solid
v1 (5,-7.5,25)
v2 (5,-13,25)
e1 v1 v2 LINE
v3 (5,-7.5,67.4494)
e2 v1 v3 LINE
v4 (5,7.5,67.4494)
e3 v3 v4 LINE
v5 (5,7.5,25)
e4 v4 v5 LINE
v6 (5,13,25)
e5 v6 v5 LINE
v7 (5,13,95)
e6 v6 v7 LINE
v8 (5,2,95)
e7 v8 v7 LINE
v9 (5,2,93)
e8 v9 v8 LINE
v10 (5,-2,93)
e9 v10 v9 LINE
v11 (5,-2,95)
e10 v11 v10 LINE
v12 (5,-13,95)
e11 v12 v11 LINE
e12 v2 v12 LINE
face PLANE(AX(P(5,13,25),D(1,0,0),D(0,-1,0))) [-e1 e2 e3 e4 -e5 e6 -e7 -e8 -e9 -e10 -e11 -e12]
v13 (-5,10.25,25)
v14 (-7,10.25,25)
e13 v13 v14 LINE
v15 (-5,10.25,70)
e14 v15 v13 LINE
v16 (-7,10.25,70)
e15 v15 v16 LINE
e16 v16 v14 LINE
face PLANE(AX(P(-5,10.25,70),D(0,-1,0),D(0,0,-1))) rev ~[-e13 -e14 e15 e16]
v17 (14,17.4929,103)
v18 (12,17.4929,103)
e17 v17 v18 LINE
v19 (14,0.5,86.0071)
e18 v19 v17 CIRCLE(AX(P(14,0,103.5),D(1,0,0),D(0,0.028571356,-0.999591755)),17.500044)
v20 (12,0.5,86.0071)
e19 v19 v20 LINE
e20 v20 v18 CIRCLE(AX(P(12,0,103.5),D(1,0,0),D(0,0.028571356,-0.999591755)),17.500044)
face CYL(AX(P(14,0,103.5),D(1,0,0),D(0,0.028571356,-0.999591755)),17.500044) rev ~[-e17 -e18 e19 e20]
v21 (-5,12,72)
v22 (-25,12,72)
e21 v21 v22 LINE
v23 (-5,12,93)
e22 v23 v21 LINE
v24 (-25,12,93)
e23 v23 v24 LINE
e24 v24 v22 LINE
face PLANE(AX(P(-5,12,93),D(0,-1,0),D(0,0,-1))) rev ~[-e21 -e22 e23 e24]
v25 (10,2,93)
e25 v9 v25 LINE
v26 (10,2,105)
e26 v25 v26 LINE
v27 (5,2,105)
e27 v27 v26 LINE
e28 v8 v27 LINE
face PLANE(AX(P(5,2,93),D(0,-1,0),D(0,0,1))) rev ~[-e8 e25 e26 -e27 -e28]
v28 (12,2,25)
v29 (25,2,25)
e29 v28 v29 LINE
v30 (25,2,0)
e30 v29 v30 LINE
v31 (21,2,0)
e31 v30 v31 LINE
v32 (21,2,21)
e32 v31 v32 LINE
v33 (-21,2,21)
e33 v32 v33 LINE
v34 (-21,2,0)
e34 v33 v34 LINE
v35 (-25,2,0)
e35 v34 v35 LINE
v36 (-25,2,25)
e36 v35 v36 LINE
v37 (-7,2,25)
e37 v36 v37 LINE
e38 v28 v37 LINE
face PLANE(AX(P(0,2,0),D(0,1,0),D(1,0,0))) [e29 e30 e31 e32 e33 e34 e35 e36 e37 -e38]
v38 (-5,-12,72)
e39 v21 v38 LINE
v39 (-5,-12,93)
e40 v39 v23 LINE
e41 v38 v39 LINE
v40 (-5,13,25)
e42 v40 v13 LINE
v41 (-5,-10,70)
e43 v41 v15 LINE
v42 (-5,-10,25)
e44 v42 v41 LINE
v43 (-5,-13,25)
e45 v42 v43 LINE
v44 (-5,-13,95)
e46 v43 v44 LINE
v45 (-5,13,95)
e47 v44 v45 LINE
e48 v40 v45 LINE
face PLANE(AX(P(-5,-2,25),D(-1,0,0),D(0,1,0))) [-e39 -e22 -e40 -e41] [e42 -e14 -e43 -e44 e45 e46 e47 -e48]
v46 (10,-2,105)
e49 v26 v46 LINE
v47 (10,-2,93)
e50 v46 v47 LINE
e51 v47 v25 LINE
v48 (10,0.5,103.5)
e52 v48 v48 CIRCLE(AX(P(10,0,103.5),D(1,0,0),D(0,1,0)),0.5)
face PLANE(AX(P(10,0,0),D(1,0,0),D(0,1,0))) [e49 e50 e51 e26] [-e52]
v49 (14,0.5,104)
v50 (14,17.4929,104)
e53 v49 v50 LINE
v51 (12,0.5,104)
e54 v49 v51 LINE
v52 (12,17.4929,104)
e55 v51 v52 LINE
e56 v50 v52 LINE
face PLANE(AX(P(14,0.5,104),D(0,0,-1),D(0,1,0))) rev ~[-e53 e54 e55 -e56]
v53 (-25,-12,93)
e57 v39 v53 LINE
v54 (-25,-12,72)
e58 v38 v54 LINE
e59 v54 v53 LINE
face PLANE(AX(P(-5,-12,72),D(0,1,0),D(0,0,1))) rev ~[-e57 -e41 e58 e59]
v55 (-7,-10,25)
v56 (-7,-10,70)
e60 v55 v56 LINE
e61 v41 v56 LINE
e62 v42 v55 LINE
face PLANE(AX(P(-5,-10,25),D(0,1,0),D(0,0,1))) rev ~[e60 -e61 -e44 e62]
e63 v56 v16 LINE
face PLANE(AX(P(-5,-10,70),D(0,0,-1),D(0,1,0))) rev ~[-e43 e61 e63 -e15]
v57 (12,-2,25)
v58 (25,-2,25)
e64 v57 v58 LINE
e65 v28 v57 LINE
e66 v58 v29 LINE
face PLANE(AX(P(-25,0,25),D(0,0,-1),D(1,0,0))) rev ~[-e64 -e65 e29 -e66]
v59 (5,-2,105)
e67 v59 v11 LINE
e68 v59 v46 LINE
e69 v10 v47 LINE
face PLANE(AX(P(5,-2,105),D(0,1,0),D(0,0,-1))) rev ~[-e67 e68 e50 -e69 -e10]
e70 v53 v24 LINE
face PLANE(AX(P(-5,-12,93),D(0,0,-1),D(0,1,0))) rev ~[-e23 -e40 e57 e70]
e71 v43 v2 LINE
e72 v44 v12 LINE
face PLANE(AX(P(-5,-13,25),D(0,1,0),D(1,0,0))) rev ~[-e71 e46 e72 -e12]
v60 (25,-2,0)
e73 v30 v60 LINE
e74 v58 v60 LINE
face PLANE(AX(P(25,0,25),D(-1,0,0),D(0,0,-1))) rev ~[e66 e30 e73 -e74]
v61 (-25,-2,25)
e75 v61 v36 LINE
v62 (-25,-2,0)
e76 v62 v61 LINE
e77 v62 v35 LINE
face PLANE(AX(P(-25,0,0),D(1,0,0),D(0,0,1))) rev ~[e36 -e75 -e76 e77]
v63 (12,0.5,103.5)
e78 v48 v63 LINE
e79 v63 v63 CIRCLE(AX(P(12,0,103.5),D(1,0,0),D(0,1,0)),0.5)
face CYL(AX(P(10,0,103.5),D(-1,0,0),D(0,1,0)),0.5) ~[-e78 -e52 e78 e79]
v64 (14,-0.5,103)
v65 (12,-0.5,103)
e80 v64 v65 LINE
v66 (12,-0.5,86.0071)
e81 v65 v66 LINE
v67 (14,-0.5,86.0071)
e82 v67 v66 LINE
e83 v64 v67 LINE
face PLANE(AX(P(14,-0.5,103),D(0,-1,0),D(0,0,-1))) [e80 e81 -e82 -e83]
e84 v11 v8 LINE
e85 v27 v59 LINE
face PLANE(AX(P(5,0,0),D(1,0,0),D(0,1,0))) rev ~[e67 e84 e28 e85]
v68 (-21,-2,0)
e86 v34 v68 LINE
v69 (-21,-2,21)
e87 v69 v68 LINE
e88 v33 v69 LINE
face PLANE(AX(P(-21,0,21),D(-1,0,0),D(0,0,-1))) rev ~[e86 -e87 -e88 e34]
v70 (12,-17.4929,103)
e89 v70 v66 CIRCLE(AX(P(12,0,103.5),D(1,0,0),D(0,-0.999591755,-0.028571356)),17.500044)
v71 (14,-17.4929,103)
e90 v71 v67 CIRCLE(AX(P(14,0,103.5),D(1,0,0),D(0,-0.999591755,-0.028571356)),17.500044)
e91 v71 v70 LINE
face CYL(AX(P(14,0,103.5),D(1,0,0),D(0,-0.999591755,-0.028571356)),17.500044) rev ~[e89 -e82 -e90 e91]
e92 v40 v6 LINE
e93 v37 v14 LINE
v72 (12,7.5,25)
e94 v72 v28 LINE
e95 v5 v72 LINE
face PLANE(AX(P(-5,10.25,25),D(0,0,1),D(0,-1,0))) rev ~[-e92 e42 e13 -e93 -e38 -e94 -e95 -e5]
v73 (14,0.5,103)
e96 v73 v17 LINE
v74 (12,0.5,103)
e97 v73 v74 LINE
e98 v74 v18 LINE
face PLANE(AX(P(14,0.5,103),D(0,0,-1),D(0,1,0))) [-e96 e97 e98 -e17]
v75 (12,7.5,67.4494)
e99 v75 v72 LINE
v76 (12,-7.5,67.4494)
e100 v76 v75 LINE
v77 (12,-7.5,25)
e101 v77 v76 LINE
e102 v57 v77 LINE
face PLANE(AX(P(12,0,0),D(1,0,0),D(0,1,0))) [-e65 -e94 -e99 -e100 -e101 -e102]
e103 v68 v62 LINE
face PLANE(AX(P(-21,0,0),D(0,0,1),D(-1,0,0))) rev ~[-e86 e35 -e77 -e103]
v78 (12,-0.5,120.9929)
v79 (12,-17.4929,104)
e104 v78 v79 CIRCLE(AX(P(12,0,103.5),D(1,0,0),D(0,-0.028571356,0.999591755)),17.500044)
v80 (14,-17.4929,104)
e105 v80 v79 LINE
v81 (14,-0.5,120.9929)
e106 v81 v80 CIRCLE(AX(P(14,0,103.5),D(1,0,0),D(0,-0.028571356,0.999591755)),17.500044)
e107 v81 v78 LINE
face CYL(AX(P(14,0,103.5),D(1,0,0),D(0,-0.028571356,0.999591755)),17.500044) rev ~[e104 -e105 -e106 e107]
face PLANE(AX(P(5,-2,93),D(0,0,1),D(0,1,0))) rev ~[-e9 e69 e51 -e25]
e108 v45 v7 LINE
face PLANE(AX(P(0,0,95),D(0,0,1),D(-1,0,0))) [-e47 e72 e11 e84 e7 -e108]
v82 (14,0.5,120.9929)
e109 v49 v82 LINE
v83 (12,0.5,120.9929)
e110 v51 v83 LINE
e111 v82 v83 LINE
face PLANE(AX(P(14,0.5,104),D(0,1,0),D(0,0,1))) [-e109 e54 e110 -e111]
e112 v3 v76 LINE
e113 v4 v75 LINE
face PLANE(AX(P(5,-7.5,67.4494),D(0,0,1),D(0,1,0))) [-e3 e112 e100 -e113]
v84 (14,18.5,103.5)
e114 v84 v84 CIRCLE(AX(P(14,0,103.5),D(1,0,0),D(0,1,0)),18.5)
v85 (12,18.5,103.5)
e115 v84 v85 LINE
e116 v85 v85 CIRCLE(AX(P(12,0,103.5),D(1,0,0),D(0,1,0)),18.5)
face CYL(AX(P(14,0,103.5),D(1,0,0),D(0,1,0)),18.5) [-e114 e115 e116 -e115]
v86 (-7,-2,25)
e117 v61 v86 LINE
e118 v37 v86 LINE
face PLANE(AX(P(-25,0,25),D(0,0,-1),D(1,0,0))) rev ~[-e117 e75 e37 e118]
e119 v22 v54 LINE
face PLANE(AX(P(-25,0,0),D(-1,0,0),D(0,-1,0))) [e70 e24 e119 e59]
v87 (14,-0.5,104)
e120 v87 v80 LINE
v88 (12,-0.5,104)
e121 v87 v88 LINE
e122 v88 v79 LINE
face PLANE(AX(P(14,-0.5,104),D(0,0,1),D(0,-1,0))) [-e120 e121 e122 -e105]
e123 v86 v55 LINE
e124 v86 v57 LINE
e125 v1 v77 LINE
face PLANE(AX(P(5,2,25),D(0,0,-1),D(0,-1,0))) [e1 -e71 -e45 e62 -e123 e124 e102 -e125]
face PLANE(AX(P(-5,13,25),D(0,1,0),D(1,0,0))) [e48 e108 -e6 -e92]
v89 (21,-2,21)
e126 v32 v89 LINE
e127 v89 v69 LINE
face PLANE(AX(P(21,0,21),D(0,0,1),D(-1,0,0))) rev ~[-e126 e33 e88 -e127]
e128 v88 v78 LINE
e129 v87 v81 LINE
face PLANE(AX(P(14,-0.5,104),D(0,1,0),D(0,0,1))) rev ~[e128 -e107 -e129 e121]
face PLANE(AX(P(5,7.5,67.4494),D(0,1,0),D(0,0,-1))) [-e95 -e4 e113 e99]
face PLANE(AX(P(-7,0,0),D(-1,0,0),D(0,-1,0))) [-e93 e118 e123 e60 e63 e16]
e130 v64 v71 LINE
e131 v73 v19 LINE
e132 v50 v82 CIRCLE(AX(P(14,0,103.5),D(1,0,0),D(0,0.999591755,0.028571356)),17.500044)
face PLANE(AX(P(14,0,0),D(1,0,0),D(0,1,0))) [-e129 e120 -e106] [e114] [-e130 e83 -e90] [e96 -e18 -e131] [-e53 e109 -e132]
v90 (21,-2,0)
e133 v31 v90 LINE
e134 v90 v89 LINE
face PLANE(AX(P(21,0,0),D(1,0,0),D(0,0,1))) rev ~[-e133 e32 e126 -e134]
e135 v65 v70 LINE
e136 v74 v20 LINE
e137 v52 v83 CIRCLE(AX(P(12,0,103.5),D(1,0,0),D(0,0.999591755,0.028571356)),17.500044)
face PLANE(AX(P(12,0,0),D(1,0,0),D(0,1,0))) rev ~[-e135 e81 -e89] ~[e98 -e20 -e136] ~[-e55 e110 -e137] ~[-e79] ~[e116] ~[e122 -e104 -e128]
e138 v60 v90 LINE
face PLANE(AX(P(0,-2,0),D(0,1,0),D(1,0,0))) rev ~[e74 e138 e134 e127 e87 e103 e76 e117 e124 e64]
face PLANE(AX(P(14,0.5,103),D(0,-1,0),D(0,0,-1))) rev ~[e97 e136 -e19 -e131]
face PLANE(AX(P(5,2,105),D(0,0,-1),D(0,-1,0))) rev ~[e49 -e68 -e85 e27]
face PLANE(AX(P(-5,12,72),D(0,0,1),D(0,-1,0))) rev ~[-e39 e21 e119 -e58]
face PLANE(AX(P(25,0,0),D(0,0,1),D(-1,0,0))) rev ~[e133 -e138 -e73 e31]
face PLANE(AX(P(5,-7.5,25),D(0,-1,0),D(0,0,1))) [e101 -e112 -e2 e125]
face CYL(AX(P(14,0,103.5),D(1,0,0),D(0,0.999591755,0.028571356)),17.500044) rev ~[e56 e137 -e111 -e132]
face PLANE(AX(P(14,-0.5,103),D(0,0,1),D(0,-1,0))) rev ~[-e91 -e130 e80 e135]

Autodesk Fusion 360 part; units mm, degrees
sketch "스케치1" plane through (0, 0, 0) normal (0, 1, 0) x (1, 0, 0)
  line L0 (-25, 0) -> (-25, -25)
  line L1 (-25, -25) -> (25, -25)
  line L2 (25, -25) -> (25, 0)
  line L3 (25, 0) -> (21, 0)
  line L4 (21, 0) -> (21, -21)
  line L5 (21, -21) -> (-21, -21)
  line L6 (-21, -21) -> (-21, 0)
  line L7 (-21, 0) -> (-25, 0)
extrude "돌출1" add sketch "스케치1" along normal mid plane 4
sketch "스케치2" plane through (0, 0, 25) normal (0, 0, 1) x (-1, 0, 0)
  line L0 (25, 2) -> (-25, 2)
  line L1 (5, -13) -> (-5, -13)
  line L2 (5, -13) -> (5, 0)
  line L3 (-5, -13) -> (-5, 0)
  line L4 (-20, 0) -> (-2.5, 0)
  line L5 (5, 13) -> (-5, 13)
  line L6 (5, 13) -> (5, 0)
  line L7 (-5, 13) -> (-5, 0)
extrude "돌출2" add sketch "스케치2" along normal blind 70
sketch "스케치4" plane through (5, 0, 0) normal (1, 0, 0) x (0, 1, 0)
  line L0 (7.5, 25) -> (-7.5, 25)
  line L1 (-7.5, 25) -> (-7.5, 67.4494)
  line L2 (-7.5, 67.4494) -> (7.5, 67.4494)
  line L3 (7.5, 67.4494) -> (7.5, 25)
  line L4 (2, 25) -> (13, 25)
extrude "돌출3" add sketch "스케치4" along normal blind 7
sketch "스케치5" plane through (-5, 0, 0) normal (-1, 0, 0) x (0, -1, 0)
  line L0 (-10.25, 25) -> (10, 25)
  line L1 (10, 25) -> (10, 70)
  line L2 (10, 70) -> (-10.25, 70)
  line L3 (-10.25, 70) -> (-10.25, 25)
  line L4 (-7.5, 25) -> (-13, 25)
extrude "돌출4" add sketch "스케치5" along normal blind 2
sketch "스케치7" plane through (-5, 0, 0) normal (-1, 0, 0) x (0, -1, 0)
  line L0 (-12, 72) -> (12, 72)
  line L1 (12, 72) -> (12, 93)
  line L2 (12, 93) -> (-12, 93)
  line L3 (-12, 93) -> (-12, 72)
extrude "돌출5" add sketch "스케치7" along normal blind 20
sketch "스케치10" plane through (5, 0, 0) normal (1, 0, 0) x (0, 1, 0)
  line L0 (-2, 93) -> (2, 93)
  line L1 (2, 93) -> (2, 105)
  line L2 (2, 105) -> (-2, 105)
  line L3 (-2, 105) -> (-2, 93)
  line L4 (-12, 93) -> (12, 93)
extrude "돌출7" add sketch "스케치10" along normal blind 5
sketch "스케치12" plane through (10, 0, 0) normal (1, 0, 0) x (0, 1, 0)
  circle A0 centre (0, 103.5) radius 0.5
extrude "돌출8" add sketch "스케치12" along normal blind 4
sketch "스케치13" plane through (14, 0, 0) normal (1, 0, 0) x (0, 1, 0)
  circle A0 centre (0, 103.5) radius 18.5
  circle A1 centre (0, 103.5) radius 0.5
  line L0 (-0.5, 104) -> (-0.5, 120.9929)
  line L1 (0.5, 104) -> (0.5, 120.9929)
  line L2 (-0.5, 103) -> (-17.4929, 103)
  line L3 (-0.5, 104) -> (-17.4929, 104)
  line L4 (0.5, 103) -> (0.5, 86.0071)
  line L5 (-0.5, 103) -> (-0.5, 86.0071)
  line L6 (0.5, 104) -> (17.4929, 104)
  line L7 (0.5, 103) -> (17.4929, 103)
  arc A2 (-0.5, 103.5) -> (0, 103) centre (0, 103.5) ccw
  arc A3 (-0.5, 120.9929) -> (-17.4929, 104) centre (0, 103.5) ccw
  arc A4 (17.4929, 104) -> (0.5, 120.9929) centre (0, 103.5) ccw
  arc A5 (-17.4929, 103) -> (-0.5, 86.0071) centre (0, 103.5) ccw
  arc A6 (0.5, 86.0071) -> (17.4929, 103) centre (0, 103.5) ccw
  point P0 (-0.5, 103.5)
  dimension "d23" = 17.5
  dimension "d24" = 37
extrude "돌출9" add sketch "스케치13" against normal blind 2
